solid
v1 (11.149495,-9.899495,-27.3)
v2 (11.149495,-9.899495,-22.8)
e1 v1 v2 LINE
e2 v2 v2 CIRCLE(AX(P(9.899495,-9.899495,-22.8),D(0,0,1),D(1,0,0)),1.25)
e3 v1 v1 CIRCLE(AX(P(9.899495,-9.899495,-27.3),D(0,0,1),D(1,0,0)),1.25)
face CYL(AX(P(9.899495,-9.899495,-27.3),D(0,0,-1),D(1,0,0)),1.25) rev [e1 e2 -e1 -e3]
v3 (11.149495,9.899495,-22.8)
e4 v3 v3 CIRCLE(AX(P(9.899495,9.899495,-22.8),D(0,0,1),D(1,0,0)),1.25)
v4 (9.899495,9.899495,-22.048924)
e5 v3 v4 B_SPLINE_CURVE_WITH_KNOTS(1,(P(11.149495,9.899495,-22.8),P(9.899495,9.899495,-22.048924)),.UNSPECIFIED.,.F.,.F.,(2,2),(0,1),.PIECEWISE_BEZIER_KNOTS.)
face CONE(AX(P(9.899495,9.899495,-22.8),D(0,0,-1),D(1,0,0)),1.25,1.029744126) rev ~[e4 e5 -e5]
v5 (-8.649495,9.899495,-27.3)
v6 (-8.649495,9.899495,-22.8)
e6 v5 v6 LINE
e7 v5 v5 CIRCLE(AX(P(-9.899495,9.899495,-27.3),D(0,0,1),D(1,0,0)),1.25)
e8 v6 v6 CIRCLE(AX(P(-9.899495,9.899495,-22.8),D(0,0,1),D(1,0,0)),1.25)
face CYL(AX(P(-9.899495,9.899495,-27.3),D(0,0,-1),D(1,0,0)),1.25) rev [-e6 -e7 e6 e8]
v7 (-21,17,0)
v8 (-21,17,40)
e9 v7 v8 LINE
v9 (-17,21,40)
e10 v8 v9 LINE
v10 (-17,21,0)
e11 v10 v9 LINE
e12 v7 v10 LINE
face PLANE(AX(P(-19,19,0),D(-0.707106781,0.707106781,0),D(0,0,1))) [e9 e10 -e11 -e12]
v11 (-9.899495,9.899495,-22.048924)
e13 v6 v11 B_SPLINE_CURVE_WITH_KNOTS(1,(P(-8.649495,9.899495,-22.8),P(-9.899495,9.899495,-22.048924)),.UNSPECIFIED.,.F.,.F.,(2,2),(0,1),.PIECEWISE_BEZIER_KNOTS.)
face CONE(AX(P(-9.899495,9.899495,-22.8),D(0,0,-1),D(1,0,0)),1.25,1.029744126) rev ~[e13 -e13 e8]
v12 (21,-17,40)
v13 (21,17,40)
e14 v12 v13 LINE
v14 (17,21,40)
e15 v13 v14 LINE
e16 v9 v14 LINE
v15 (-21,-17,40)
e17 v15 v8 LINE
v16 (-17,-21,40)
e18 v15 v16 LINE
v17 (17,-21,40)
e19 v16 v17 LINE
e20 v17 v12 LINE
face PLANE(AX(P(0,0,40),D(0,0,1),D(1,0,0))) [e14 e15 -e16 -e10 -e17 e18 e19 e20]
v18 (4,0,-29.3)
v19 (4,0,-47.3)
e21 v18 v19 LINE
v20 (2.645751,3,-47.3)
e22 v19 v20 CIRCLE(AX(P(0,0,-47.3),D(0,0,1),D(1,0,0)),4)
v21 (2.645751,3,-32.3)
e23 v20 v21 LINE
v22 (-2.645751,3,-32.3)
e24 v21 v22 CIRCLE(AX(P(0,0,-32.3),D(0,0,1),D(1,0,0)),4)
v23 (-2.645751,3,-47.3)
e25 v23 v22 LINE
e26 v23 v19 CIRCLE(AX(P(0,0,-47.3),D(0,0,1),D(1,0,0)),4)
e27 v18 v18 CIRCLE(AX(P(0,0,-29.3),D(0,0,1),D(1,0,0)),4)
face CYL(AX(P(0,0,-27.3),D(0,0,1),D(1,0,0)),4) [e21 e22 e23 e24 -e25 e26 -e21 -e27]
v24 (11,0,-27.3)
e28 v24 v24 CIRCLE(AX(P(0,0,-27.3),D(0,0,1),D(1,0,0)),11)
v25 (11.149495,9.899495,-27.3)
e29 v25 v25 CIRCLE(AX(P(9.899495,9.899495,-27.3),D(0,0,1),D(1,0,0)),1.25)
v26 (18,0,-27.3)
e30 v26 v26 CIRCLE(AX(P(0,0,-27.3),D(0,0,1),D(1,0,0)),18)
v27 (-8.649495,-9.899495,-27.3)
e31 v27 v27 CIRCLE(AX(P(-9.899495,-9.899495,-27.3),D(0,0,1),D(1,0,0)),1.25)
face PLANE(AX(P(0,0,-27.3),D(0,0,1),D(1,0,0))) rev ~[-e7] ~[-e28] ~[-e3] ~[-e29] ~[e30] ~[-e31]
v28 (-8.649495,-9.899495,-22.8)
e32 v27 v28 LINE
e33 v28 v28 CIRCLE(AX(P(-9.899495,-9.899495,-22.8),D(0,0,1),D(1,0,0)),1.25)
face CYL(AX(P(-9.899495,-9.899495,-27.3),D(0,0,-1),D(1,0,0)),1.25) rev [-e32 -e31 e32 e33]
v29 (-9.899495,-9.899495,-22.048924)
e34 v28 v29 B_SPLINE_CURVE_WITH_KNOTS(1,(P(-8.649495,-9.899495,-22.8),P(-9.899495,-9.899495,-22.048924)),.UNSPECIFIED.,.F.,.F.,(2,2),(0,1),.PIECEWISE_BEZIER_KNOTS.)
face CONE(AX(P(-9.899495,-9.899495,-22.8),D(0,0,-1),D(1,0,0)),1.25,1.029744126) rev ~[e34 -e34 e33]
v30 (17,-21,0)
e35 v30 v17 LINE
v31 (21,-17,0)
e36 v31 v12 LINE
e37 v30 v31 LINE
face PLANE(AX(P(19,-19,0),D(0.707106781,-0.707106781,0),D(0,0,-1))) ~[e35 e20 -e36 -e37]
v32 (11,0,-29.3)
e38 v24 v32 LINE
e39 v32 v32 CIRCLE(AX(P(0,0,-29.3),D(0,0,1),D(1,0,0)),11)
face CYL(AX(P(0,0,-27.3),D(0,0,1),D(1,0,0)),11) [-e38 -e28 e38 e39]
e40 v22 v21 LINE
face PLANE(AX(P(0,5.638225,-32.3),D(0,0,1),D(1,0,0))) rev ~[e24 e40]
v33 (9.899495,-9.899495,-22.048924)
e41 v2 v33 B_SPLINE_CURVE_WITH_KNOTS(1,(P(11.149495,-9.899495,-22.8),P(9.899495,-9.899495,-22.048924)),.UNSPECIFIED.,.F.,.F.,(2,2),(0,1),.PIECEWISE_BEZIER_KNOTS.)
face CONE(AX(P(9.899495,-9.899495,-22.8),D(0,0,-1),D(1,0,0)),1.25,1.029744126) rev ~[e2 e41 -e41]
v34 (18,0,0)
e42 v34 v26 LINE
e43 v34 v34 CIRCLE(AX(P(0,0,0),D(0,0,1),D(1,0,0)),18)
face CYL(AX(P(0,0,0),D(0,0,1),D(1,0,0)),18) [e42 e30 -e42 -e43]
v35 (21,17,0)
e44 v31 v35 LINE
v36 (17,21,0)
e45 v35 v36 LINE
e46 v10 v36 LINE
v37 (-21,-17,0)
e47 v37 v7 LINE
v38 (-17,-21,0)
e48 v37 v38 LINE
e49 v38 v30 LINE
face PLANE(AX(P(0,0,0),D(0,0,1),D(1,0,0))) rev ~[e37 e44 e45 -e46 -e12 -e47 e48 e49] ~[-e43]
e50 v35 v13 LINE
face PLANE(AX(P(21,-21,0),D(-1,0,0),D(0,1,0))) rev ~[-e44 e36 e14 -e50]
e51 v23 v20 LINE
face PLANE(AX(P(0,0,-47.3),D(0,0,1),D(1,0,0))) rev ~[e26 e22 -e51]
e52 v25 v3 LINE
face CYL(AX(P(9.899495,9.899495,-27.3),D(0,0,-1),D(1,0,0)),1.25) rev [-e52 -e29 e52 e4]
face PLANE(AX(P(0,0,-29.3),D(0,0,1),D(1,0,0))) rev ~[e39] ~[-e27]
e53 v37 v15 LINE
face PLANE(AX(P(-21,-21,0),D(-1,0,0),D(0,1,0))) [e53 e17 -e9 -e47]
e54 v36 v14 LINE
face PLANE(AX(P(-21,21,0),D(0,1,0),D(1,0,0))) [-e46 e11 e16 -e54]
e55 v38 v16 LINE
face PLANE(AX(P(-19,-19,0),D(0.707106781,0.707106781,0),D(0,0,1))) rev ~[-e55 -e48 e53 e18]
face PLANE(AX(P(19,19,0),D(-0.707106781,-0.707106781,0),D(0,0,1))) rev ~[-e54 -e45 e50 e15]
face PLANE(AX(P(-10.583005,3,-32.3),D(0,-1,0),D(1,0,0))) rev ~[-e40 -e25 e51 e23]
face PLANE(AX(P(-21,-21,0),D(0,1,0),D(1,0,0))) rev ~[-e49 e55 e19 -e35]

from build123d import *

# Parameters (mm, degrees)
SKETCH_W     = 42
SKETCH_H     = 42
PAD_DEPTH    = 40
CHAMFER_SIZE = 4
SKETCH005_R  = 18
PAD003_DEPTH = 27.3
SKETCH001_R  = 11
PAD001_DEPTH = 2
SKETCH002_R  = 4
PAD002_DEPTH = 20
POCKET_DEPTH = 15
SKETCH004_R  = 1.25
HOLE_DEPTH   = 4.5
HOLE_TIPS_R  = 1.25


with BuildPart() as part:
    # Sketch → Pad (new body)
    with BuildSketch(Plane.XY):
        Rectangle(SKETCH_W, SKETCH_H)
    extrude(amount=PAD_DEPTH)

    # Chamfer
    chamfer_edges = [part.edges().sort_by_distance(p)[0] for p in [
        (21, -21, 20),
        (-21, -21, 20),
        (21, 21, 20),
        (-21, 21, 20),
    ]]
    chamfer(chamfer_edges, length=CHAMFER_SIZE)

    # Sketch005 → Pad003 (join)
    with BuildSketch(Plane.XY):
        Circle(SKETCH005_R)
    extrude(amount=-PAD003_DEPTH)

    # Sketch001 → Pad001 (join)
    with BuildSketch(Plane.XY.offset(-27.3)):
        Circle(SKETCH001_R)
    extrude(amount=-PAD001_DEPTH)

    # Sketch002 (on Sketch) → Pad002 (join)
    with BuildSketch(Plane.XY.offset(-27.3)):
        Circle(SKETCH002_R)
    extrude(amount=-PAD002_DEPTH)

    # Sketch003 (on Sketch) → Pocket (cut)
    with BuildSketch(Plane.XY.offset(-32.3)):
        with BuildLine():
            ThreePointArc((10.583005, 3), (0, 11), (-10.583005, 3))
            Line((-10.583005, 3), (10.583005, 3))
        make_face()
    extrude(amount=-POCKET_DEPTH, mode=Mode.SUBTRACT)

    # Sketch004 (on Sketch) → Hole (cut)
    with BuildSketch(Plane.XY.offset(-27.3)):
        with Locations((9.899495, 9.899495)):
            Circle(SKETCH004_R)
        with Locations((-9.899495, 9.899495)):
            Circle(SKETCH004_R)
        with Locations((-9.899495, -9.899495)):
            Circle(SKETCH004_R)
        with Locations((9.899495, -9.899495)):
            Circle(SKETCH004_R)
    extrude(amount=HOLE_DEPTH, mode=Mode.SUBTRACT)

    # Hole tips → Hole tip 1 section 0
    with BuildSketch(Plane.XY.offset(-22.8), mode=Mode.PRIVATE) as hole_tip_1_s0:
        with Locations((9.899495, 9.899495)):
            Circle(HOLE_TIPS_R)
    loft([hole_tip_1_s0.sketch, Vertex(9.899495, 9.899495, -22.048924)], mode=Mode.SUBTRACT)

    # Hole tips → Hole tip 2 section 0
    with BuildSketch(Plane.XY.offset(-22.8), mode=Mode.PRIVATE) as hole_tip_2_s0:
        with Locations((-9.899495, 9.899495)):
            Circle(HOLE_TIPS_R)
    loft([hole_tip_2_s0.sketch, Vertex(-9.899495, 9.899495, -22.048924)], mode=Mode.SUBTRACT)

    # Hole tips → Hole tip 3 section 0
    with BuildSketch(Plane.XY.offset(-22.8), mode=Mode.PRIVATE) as hole_tip_3_s0:
        with Locations((-9.899495, -9.899495)):
            Circle(HOLE_TIPS_R)
    loft([hole_tip_3_s0.sketch, Vertex(-9.899495, -9.899495, -22.048924)], mode=Mode.SUBTRACT)

    # Hole tips → Hole tip 4 section 0
    with BuildSketch(Plane.XY.offset(-22.8), mode=Mode.PRIVATE) as hole_tip_4_s0:
        with Locations((9.899495, -9.899495)):
            Circle(HOLE_TIPS_R)
    loft([hole_tip_4_s0.sketch, Vertex(9.899495, -9.899495, -22.048924)], mode=Mode.SUBTRACT)


solid = part.part
